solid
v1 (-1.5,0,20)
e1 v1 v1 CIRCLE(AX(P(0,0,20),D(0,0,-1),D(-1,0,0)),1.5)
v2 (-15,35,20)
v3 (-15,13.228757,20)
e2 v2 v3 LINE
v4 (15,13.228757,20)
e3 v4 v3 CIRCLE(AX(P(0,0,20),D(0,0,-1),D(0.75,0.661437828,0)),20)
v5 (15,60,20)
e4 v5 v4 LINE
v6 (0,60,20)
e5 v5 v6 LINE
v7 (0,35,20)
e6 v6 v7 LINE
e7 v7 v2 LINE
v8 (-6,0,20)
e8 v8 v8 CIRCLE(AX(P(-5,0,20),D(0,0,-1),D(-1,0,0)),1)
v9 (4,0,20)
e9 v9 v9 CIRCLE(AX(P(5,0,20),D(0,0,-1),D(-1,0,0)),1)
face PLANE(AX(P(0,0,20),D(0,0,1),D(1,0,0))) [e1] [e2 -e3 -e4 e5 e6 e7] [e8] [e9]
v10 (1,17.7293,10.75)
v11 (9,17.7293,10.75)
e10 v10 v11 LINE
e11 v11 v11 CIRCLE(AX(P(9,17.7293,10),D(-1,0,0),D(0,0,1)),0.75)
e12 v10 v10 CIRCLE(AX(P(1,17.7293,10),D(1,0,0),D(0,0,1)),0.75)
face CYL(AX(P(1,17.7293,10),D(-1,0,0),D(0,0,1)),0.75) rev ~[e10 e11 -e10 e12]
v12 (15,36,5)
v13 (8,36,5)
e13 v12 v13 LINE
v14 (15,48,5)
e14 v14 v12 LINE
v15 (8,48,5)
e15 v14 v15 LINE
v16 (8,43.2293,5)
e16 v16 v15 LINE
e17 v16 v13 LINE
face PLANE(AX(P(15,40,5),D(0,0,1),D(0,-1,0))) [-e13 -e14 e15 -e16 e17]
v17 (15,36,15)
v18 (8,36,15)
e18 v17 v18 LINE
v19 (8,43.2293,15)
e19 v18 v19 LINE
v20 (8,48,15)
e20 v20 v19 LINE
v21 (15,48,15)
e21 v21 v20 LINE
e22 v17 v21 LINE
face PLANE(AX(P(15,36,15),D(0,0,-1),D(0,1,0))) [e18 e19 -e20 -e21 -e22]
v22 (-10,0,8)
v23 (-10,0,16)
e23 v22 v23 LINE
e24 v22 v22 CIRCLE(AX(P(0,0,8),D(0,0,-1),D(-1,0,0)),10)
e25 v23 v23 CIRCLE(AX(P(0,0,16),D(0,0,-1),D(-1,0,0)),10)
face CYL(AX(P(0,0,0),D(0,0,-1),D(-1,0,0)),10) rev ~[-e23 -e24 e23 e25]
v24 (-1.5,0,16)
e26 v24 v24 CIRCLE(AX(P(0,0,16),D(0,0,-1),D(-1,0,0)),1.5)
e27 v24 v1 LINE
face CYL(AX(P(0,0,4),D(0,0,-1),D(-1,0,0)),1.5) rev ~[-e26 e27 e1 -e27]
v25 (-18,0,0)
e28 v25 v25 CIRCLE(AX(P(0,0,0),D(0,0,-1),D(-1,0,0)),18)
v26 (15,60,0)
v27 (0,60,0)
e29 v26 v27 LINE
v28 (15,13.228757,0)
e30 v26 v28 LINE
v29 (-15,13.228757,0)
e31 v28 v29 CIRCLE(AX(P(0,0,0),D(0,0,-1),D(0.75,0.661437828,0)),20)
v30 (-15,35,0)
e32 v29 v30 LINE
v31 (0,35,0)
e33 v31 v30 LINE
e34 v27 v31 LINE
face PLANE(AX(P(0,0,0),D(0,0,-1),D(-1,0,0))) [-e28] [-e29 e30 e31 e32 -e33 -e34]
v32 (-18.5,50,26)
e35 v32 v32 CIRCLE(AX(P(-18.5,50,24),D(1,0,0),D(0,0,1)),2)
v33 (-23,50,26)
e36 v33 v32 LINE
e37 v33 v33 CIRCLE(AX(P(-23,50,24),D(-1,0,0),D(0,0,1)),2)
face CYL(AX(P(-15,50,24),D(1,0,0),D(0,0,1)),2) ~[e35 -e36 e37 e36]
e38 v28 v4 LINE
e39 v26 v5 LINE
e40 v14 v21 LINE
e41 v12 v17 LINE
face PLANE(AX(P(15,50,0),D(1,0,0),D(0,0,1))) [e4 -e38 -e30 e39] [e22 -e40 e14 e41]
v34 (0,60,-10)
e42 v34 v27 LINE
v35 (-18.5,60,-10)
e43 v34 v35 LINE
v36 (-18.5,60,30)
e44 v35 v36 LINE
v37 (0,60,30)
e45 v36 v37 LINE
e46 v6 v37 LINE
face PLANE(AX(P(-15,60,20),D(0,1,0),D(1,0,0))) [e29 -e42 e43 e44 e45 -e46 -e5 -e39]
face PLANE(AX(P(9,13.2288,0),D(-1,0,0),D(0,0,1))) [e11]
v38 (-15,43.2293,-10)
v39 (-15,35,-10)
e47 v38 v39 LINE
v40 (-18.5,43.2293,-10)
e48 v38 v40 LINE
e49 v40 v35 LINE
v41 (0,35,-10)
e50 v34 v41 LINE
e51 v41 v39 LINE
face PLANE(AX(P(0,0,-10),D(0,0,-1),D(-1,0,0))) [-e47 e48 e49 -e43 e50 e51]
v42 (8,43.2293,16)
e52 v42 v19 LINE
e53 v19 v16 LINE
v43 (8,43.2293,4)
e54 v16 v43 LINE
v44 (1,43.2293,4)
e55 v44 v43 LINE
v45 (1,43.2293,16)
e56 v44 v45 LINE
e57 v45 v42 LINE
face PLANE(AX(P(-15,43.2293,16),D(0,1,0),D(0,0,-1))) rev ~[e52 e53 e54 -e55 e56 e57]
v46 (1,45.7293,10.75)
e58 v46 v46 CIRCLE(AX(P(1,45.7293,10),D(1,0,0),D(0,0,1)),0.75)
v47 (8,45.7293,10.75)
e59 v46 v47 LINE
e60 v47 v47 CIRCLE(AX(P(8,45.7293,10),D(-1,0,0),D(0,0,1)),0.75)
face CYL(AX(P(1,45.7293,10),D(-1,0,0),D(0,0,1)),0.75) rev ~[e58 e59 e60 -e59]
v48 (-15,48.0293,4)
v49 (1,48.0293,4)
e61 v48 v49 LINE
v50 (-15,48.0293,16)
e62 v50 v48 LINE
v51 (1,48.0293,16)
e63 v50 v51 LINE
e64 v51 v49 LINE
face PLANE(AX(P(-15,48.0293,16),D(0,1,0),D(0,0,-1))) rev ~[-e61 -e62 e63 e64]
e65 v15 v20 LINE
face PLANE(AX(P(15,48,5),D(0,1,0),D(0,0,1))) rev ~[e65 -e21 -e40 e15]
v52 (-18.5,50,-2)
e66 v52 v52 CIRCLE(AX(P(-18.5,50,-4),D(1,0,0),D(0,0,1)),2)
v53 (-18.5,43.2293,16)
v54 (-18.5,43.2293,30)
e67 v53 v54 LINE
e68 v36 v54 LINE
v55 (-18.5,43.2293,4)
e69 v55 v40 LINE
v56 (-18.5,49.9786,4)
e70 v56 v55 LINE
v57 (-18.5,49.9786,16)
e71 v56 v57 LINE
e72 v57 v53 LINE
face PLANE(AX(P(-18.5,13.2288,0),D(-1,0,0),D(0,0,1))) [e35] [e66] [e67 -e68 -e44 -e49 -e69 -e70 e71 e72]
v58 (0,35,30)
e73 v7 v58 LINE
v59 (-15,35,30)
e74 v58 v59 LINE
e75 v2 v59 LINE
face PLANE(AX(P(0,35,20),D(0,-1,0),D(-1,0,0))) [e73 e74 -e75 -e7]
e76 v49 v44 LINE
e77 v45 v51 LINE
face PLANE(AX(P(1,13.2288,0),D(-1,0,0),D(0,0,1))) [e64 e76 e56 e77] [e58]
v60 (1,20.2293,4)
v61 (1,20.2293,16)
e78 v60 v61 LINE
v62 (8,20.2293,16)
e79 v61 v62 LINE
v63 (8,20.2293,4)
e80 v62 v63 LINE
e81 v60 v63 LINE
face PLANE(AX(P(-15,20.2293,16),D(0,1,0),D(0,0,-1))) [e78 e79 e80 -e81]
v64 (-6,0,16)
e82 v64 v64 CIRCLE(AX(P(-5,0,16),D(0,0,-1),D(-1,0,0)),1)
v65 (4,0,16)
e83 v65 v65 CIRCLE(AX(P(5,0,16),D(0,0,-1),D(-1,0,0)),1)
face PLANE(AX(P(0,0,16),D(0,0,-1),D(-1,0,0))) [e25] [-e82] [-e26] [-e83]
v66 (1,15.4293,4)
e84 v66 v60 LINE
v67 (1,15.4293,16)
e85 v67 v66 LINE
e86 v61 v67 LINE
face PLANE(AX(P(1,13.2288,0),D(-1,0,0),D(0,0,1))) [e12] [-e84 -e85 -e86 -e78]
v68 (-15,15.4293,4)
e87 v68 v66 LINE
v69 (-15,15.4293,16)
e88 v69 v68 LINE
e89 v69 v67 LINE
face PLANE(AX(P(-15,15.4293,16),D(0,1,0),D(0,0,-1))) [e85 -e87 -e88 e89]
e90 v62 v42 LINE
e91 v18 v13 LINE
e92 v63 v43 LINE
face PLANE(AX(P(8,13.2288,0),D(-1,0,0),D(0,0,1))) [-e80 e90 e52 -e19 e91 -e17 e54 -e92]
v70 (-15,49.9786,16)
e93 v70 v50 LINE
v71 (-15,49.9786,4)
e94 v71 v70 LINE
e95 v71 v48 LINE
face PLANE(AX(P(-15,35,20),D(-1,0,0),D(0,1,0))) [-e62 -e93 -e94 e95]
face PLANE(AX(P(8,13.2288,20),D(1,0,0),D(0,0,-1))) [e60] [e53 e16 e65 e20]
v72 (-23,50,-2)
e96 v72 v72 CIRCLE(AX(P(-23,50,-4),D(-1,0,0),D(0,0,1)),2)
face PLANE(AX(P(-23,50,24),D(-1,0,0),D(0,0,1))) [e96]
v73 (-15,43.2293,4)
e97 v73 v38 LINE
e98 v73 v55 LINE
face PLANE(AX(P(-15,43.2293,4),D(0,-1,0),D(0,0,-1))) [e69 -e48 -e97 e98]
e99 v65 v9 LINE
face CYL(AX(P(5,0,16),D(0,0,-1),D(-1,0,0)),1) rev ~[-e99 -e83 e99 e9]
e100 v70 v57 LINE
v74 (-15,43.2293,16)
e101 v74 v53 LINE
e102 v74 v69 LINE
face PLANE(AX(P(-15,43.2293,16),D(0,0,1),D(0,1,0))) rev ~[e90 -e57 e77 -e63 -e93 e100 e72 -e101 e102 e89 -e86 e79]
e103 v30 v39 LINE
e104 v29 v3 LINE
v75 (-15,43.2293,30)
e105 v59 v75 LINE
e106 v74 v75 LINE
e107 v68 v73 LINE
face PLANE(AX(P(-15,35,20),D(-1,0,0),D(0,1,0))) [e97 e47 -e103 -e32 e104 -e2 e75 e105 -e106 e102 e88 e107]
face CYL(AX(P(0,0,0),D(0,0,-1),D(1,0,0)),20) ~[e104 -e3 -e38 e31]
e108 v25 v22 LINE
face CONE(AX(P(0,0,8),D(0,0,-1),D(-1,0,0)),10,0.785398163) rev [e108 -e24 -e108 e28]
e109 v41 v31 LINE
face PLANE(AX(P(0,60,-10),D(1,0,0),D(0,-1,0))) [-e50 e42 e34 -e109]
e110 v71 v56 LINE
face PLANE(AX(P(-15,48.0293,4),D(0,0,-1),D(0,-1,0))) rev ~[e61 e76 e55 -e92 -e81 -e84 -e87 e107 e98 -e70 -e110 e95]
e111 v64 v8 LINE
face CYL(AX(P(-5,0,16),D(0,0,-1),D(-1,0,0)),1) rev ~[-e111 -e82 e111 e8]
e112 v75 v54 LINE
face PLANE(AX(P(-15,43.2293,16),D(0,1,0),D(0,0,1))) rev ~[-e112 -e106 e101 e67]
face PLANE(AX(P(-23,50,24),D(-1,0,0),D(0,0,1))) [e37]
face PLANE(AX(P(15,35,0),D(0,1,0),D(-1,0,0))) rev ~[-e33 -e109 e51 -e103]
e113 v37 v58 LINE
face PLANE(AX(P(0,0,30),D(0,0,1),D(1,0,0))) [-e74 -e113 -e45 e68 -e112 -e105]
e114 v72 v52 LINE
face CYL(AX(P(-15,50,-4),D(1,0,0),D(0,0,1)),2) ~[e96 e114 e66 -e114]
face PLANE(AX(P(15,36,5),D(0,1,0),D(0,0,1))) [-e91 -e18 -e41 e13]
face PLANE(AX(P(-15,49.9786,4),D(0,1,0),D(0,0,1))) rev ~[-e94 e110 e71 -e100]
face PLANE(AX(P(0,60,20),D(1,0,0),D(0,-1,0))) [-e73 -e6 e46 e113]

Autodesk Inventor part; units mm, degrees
ref_plane "YZ Plane" through (0, 0, 0) normal (1, 0, 0) x (0, 1, 0)
ref_plane "XZ Plane" through (0, 0, 0) normal (0, 1, 0) x (-1, 0, 0)
ref_plane "XY Plane" through (0, 0, 0) normal (0, 0, 1) x (1, 0, 0)
sketch "Sketch1" plane through (0, 0, 0) normal (0, 0, 1) x (1, 0, 0)
  circle A0 centre (0, 0) radius 10
  circle A1 centre (0, 0) radius 20
  line L0 (-15, 0) -> (15, 0)
  line L1 (15, 0) -> (15, 50)
  line L2 (15, 50) -> (-15, 50)
  line L3 (-15, 50) -> (-15, 0)
  point P0 (-15, 13.2288)
  point P1 (15, 13.2288)
  dimension "d0" = 20
  dimension "d1" = 40
  dimension "d2" = 30
  dimension "d3" = 50
extrude "Extrusion1" add sketch "Sketch1" along normal blind 20
sketch "Sketch2" plane through (0, 0, 20) normal (0, 0, 1) x (1, 0, 0)
  circle A0 centre (0, 0) radius 10
  dimension "d6" = 20
extrude "Extrusion2" cut sketch "Sketch2" against normal blind 15
sketch "Sketch4" plane through (-15, 13.2288, 0) normal (-1, 0, 0) x (0, 0, 1)
  line L0 (0, 36.7712) -> (20, 36.7712) projected
  line L1 (0, 0) -> (0, 36.7712) projected
  line L2 (20, 36.7712) -> (0, 36.7712)
  line L3 (0, 36.7712) -> (0, 0)
  line L4 (0, 0) -> (20, 0)
  line L5 (20, 0) -> (20, 36.7712)
  line L6 (0, 0) -> (20, 0) projected
  line L7 (20, 36.7712) -> (10, 36.7712)
  line L8 (10, 36.7712) -> (10, 0)
  line L9 (10, 0) -> (20, 0)
  line L10 (20, 0) -> (20, 36.7712)
  line L11 (10, 0) -> (16, 0)
  line L12 (16, 0) -> (16, 25)
  line L13 (16, 25) -> (10, 25)
  line L14 (10, 25) -> (10, 0)
  line L15 (10, 25) -> (4, 25)
  line L16 (4, 25) -> (4, 0)
  line L17 (4, 0) -> (10, 0)
  line L18 (10, 0) -> (10, 25)
  line L19 (4, 25) -> (16, 25)
  line L20 (16, 25) -> (16, 30.0005)
  line L21 (16, 30.0005) -> (4, 30.0005)
  line L22 (4, 30.0005) -> (4, 25)
  line L23 (4, 30.0005) -> (16, 30.0005)
  line L24 (16, 30.0005) -> (16, 7.0005)
  line L25 (16, 7.0005) -> (4, 7.0005)
  line L26 (4, 7.0005) -> (4, 30.0005)
  line L27 (10, 7.0005) -> (16, 7.0005)
  line L28 (16, 7.0005) -> (16, 0)
  line L29 (16, 0) -> (10, 0)
  line L30 (10, 0) -> (10, 7.0005)
  point P0 (0, -13.2288)
  dimension "d13" = 6
  dimension "d14" = 25
  dimension "d15" = 6
  dimension "d16" = 23
extrude "Extrusion3" cut sketch "Sketch4" against normal blind 23 contours L21 L20 L13 L8 | L8 L15 L22 L21 | L13 L12 L25 L8 | L8 L25 L16 L15
sketch "Sketch6" plane through (-15, 13.2288, 0) normal (-1, 0, 0) x (0, 0, 1)
  line L0 (4, 7.0005) -> (4, 30.0005) projected
  line L1 (4, 7.0005) -> (16, 7.0005)
  line L2 (16, 7.0005) -> (16, 2.2005)
  line L3 (16, 2.2005) -> (4, 2.2005)
  line L4 (4, 2.2005) -> (4, 7.0005)
  line L5 (4, 30.0005) -> (16, 30.0005)
  line L6 (16, 30.0005) -> (16, 34.8005)
  line L7 (16, 34.8005) -> (4, 34.8005)
  line L8 (4, 34.8005) -> (4, 30.0005)
  point P0 (0, -13.2288)
  dimension "d19" = 12
  dimension "d20" = 4.8
  dimension "d21" = 4.8
extrude "Extrusion4" cut sketch "Sketch6" against normal blind 16
sketch "Sketch7" plane through (1, 13.2288, 0) normal (-1, 0, 0) x (0, 0, 1)
  line L0 (4, 30.0005) -> (16, 30.0005) projected
  line L1 (4, 30.0005) -> (10, 30.0005)
  line L2 (10, 30.0005) -> (10, 32.5005)
  line L3 (10, 32.5005) -> (4, 32.5005)
  line L4 (4, 32.5005) -> (4, 30.0005)
  circle A0 centre (10, 32.5005) radius 0.75
  line L5 (16, 7.0005) -> (4, 7.0005) projected
  line L6 (16, 7.0005) -> (16, 2.2005) projected
  line L7 (4, 7.0005) -> (16, 7.0005)
  line L8 (16, 7.0005) -> (16, 4.5005)
  line L9 (16, 4.5005) -> (4, 4.5005)
  line L10 (4, 4.5005) -> (4, 7.0005)
  line L11 (10, 4.5005) -> (4, 4.5005)
  line L12 (4, 4.5005) -> (4, 7.0005)
  line L13 (4, 7.0005) -> (10, 7.0005)
  line L14 (10, 7.0005) -> (10, 4.5005)
  circle A1 centre (10, 4.5005) radius 0.75
  point P0 (0, -13.2288)
  dimension "d24" = 2.5
  dimension "d25" = 1.5
  dimension "d26" = 2.5
  dimension "d27" = 1.5
extrude "Extrusion5" cut sketch "Sketch7" against normal blind 8 contours A0 L3 L2 | L2 L3 A0 | A1 L9 L14 | L14 L9 A1 | A1 L9
sketch "Sketch8" plane through (15, 13.2288, 0) normal (1, 0, 0) x (0, 0, -1)
  line L0 (0, 36.7712) -> (0, 0) projected
  line L1 (-20, 36.7712) -> (-20, 0) projected
  line L2 (0, 36.7712) -> (-20, 36.7712)
  line L3 (-20, 36.7712) -> (-20, 26.7712)
  line L4 (-20, 26.7712) -> (0, 26.7712)
  line L5 (0, 26.7712) -> (0, 36.7712)
  line L6 (0, 26.7712) -> (-20, 26.7712)
  line L7 (-20, 26.7712) -> (-20, 18.7712)
  line L8 (-20, 18.7712) -> (0, 18.7712)
  line L9 (0, 18.7712) -> (0, 26.7712)
  line L10 (0, 26.7712) -> (-10, 26.7712)
  line L11 (-10, 26.7712) -> (-10, 18.7712)
  line L12 (-10, 18.7712) -> (0, 18.7712)
  line L13 (0, 18.7712) -> (0, 26.7712)
  line L14 (-10, 26.7712) -> (-5, 26.7712)
  line L15 (-5, 26.7712) -> (-5, 22.7712)
  line L16 (-5, 22.7712) -> (-10, 22.7712)
  line L17 (-10, 22.7712) -> (-10, 26.7712)
  line L18 (-10, 22.7712) -> (-15, 22.7712)
  line L19 (-15, 22.7712) -> (-15, 26.7712)
  line L20 (-15, 26.7712) -> (-10, 26.7712)
  line L21 (-10, 26.7712) -> (-10, 22.7712)
  point P0 (0, -13.2288)
  dimension "d30" = 10
  dimension "d31" = 8
  dimension "d32" = 5
  dimension "d33" = 5
extrude "Extrusion6" cut sketch "Sketch8" against normal blind 15.8125 contours L15 L16 L11 L4 | L11 L18 L19 L4
sketch "Sketch9" plane through (0, 0, 5) normal (0, 0, 1) x (1, 0, 0)
  circle A0 centre (0, 0) radius 1
  circle A1 centre (7, 0) radius 1.5
  circle A2 centre (0, 0) radius 1.5
  circle A3 centre (-7, 0) radius 1.5
  dimension "d36" = 2
  dimension "d37" = 3
  dimension "d38" = 3
  dimension "d39" = 3
extrude "Extrusion7" cut sketch "Sketch9" against normal blind 8 contours A0 | A1 | A2 | A3
sketch "Sketch10" plane through (-15, 50, 0) normal (0, 1, 0) x (1, 0, 0)
  line L0 (0, 0) -> (0, -20) projected
  line L1 (0, 0) -> (29.4792, 0)
  line L2 (29.4792, 0) -> (29.4792, -20)
  line L3 (29.4792, -20) -> (0, -20)
  line L4 (0, -20) -> (0, 0)
  point P0 (15, 0)
extrude "Extrusion8" add sketch "Sketch10" along normal blind 10
sketch "Sketch11" plane through (0, 0, 0) normal (0, 0, -1) x (-1, 0, 0)
  line L0 (15, 13.2288) -> (15, 60) projected
  line L1 (-15, 13.2288) -> (-15, 50) projected
  line L2 (15, 60) -> (-15, 60)
  line L3 (-15, 60) -> (-15, 45)
  line L4 (-15, 45) -> (15, 45)
  line L5 (15, 45) -> (15, 60)
  line L6 (15, 45) -> (-15, 45)
  line L7 (-15, 45) -> (-15, 35)
  line L8 (-15, 35) -> (15, 35)
  line L9 (15, 35) -> (15, 45)
  point P0 (0, 0)
  dimension "d47" = 15
  dimension "d48" = 10
sketch "Sketch12" plane through (14.4792, 50, 20) normal (1, 0, 0) x (0, 0, -1)
  line L0 (20, 0) -> (20, 10) projected
  line L1 (0, 0) -> (20, 0)
  line L2 (20, 0) -> (20, 10)
  line L3 (20, 10) -> (0, 10)
  line L4 (0, 10) -> (0, 0)
  point P0 (20, -50)
extrude "Extrusion9" cut sketch "Sketch12" against normal blind 59.6125
sketch "Sketch13" plane through (-15, 50, 0) normal (0, 1, 0) x (1, 0, 0)
  line L0 (30, 0) -> (30, -20) projected
  line L1 (0, 0) -> (30, 0)
  line L2 (30, 0) -> (30, -20)
  line L3 (30, -20) -> (0, -20)
  line L4 (0, -20) -> (0, 0)
  point P0 (15, 0)
extrude "Extrusion10" add sketch "Sketch13" along normal blind 10
extrude "Extrusion11" add sketch "Sketch11" along normal blind 10
sketch "Sketch15" plane through (0, 0, 20) normal (0, 0, 1) x (1, 0, 0)
  line L0 (-15, 60) -> (15, 60) projected
  line L1 (-15, 60) -> (0, 60)
  line L2 (0, 60) -> (0, 35)
  line L3 (0, 35) -> (-15, 35)
  line L4 (-15, 35) -> (-15, 60)
  point P0 (0, 0)
  dimension "d56" = 25
extrude "Extrusion12" add sketch "Sketch15" along normal blind 10
sketch "Sketch16" plane through (0, 0, -10) normal (0, 0, -1) x (-1, 0, 0)
  line L0 (-15, 13.2288) -> (-15, 60) projected
  line L1 (0, 35) -> (15, 35) projected
  line L2 (-15, 60) -> (0, 60)
  line L3 (0, 60) -> (0, 35)
  line L4 (0, 35) -> (-15, 35)
  line L5 (-15, 35) -> (-15, 60)
  point P0 (0, 0)
extrude "Extrusion13" cut sketch "Sketch16" against normal blind 10
sketch "Sketch17" plane through (-15, 13.2288, 0) normal (-1, 0, 0) x (0, 0, 1)
  line L0 (0, 0) -> (0, 46.7712) projected
  line L1 (0, 46.7712) -> (10, 46.7712)
  line L2 (10, 46.7712) -> (10, 23.4712)
  line L3 (10, 23.4712) -> (0, 23.4712)
  line L4 (0, 23.4712) -> (0, 46.7712)
  circle A0 centre (10, 23.4712) radius 10
  line L5 (20, 46.7712) -> (30, 46.7712) projected
  line L6 (20, 0) -> (20, 46.7712) projected
  line L7 (30, 46.7712) -> (20, 46.7712)
  line L8 (20, 46.7712) -> (20, 36.7712)
  line L9 (20, 36.7712) -> (30, 36.7712)
  line L10 (30, 36.7712) -> (30, 46.7712)
  line L11 (30, 46.7712) -> (24, 46.7712)
  line L12 (24, 46.7712) -> (24, 36.7712)
  line L13 (24, 36.7712) -> (30, 36.7712)
  line L14 (30, 36.7712) -> (30, 46.7712)
  circle A1 centre (24, 36.7712) radius 2
  line L15 (30, 46.7712) -> (-10, 46.7712) projected
  line L16 (-10, 46.7712) -> (-4, 46.7712)
  line L17 (-4, 46.7712) -> (-4, 36.7712)
  line L18 (-4, 36.7712) -> (-10, 36.7712)
  line L19 (-10, 36.7712) -> (-10, 46.7712)
  circle A2 centre (-4, 36.7712) radius 2
  point P0 (0, -13.2288)
  dimension "d61" = 23.3
  dimension "d62" = 20
  dimension "d63" = 10
  dimension "d64" = 6
  dimension "d65" = 4
  dimension "d66" = 6
  dimension "d67" = 4
extrude "Extrusion14" add sketch "Sketch17" along normal blind 8 contours A2 L18 L17 | L17 L18 A2 | A1 L12 L9 | L9 A1 | L12 A1 L9
sketch "Sketch18" plane through (0, 0, 20) normal (0, 0, 1) x (1, 0, 0)
  circle A0 centre (0, 0) radius 10
extrude "Extrusion15" add sketch "Sketch18" against normal blind 16
sketch "Sketch19" plane through (0, 0, 0) normal (0, 0, -1) x (-1, 0, 0)
  circle A0 centre (0, 0) radius 1.5 projected
  circle A1 centre (0, 0) radius 10
  dimension "d72" = 20
extrude "Extrusion16" cut sketch "Sketch19" against normal blind 16
sketch "Sketch20" plane through (0, 0, 4) normal (0, 0, -1) x (-1, 0, 0)
  circle A0 centre (0, 0) radius 1.5 projected
  circle A1 centre (0, 0) radius 1.5
extrude "Extrusion17" cut sketch "Sketch20" against normal blind 30.0375
sketch "Sketch21" plane through (0, 0, 16) normal (0, 0, -1) x (-1, 0, 0)
  circle A0 centre (5, 0) radius 1
  circle A1 centre (-5, 0) radius 1
  point P0 (0, 0)
  dimension "d77" = 2
  dimension "d78" = 2
extrude "Extrusion18" cut sketch "Sketch21" against normal blind 138.2375
chamfer "Chamfer2" distance 8 angle 45 1 edges at (10, 0, 0)
sketch "Sketch22" plane through (-15, 13.2288, 0) normal (-1, 0, 0) x (0, 0, 1)
  circle A0 centre (-4, 36.7712) radius 2 projected
  circle A1 centre (-4, 36.7712) radius 2
  circle A2 centre (24, 36.7712) radius 2 projected
  circle A3 centre (24, 36.7712) radius 2
  point P0 (0, -13.2288)
sketch "Sketch25" plane through (-15, 13.2288, 0) normal (-1, 0, 0) x (0, 0, 1)
  circle A0 centre (-4, 36.7712) radius 2 projected
  circle A1 centre (-4, 36.7712) radius 8
  arc A2 (7.7087, 23.1005) -> (12.2913, 23.1005) centre (10, 24.1005) ccw projected
  circle A3 centre (10, 24.1005) radius 8
  circle A4 centre (24, 36.7712) radius 2 projected
  circle A5 centre (24, 36.7712) radius 8
  circle A6 centre (-4, 36.7712) radius 2
  circle A7 centre (24, 36.7712) radius 2
  line L0 (-4, 36.7712) -> (24.7591, 36.7712)
  line L1 (24.7591, 36.7712) -> (24.7591, 61.7712)
  line L2 (24.7591, 61.7712) -> (-4, 61.7712)
  line L3 (-4, 61.7712) -> (-4, 36.7712)
  point P0 (0, -13.2288)
  dimension "d92" = 16
  dimension "d93" = 16
  dimension "d94" = 16
  dimension "d99" = 25
sketch "Sketch29" plane through (-15, 15.4292, 4) normal (0, 0, 1) x (1, 0, 0)
  point P0 (15, -15.4292)
sketch "Sketch30" plane through (-23, 50, -4) normal (-1, 0, 0) x (0, 0, 1)
  circle A0 centre (0, 0) radius 2
  circle A1 centre (28, 0) radius 2 projected
  circle A2 centre (28, 0) radius 2
  point P0 (4, -50)
extrude "Extrusion24" add sketch "Sketch30" along normal blind 8
sketch "Sketch33" plane through (15, 13.2288, 20) normal (1, 0, 0) x (0, 0, -1)
  line L0 (5, 26.7712) -> (5, 22.7712) projected
  line L1 (5, 26.7712) -> (15, 26.7712)
  line L2 (15, 26.7712) -> (15, 34.7712)
  line L3 (15, 34.7712) -> (5, 34.7712)
  line L4 (5, 34.7712) -> (5, 26.7712)
  point P0 (20, -13.2288)
  dimension "d110" = 10
  dimension "d111" = 8
extrude "Extrusion27" cut sketch "Sketch33" against normal blind 7
sketch "Sketch34" plane through (0, 0, 30) normal (0, 0, 1) x (1, 0, 0)
  point P0 (0, 0)
sketch "Sketch35" plane through (-15, 13.2288, 0) normal (-1, 0, 0) x (0, 0, 1)
  line L0 (0, 46.7712) -> (-10, 46.7712) projected
  line L1 (-10, 46.7712) -> (4, 46.7712)
  line L2 (4, 46.7712) -> (4, 30.0005)
  line L3 (4, 30.0005) -> (-10, 30.0005)
  line L4 (-10, 30.0005) -> (-10, 46.7712)
  line L5 (30, 46.7712) -> (30, 21.7712) projected
  line L6 (30, 46.7712) -> (16, 46.7712)
  line L7 (16, 46.7712) -> (16, 30.0005)
  line L8 (16, 30.0005) -> (30, 30.0005)
  line L9 (30, 30.0005) -> (30, 46.7712)
  line L10 (4, 36.7498) -> (16, 36.7498)
  line L11 (16, 36.7498) -> (16, 46.7712)
  line L12 (16, 46.7712) -> (4, 46.7712)
  line L13 (4, 46.7712) -> (4, 36.7498)
  point P0 (0, -13.2288)
extrude "Extrusion28" add sketch "Sketch35" along normal blind 3.5
sketch "Sketch36" plane through (-31, 50, 24) normal (-1, 0, 0) x (0, 0, 1)
  circle A0 centre (-28, 0) radius 2 projected
  circle A1 centre (-28, 0) radius 2
  circle A2 centre (0, 0) radius 2
  point P0 (-24, -50)
extrude "Extrusion29" cut sketch "Sketch36" against normal blind 8
sketch "Sketch37" plane through (0, 0, 30) normal (0, 0, 1) x (1, 0, 0)
  point P0 (0, 0)
sketch "Sketch38" plane through (-15, 13.2288, 0) normal (-1, 0, 0) x (0, 0, 1)
  point P0 (0, -13.2288)
properties part number "EndConnector"
